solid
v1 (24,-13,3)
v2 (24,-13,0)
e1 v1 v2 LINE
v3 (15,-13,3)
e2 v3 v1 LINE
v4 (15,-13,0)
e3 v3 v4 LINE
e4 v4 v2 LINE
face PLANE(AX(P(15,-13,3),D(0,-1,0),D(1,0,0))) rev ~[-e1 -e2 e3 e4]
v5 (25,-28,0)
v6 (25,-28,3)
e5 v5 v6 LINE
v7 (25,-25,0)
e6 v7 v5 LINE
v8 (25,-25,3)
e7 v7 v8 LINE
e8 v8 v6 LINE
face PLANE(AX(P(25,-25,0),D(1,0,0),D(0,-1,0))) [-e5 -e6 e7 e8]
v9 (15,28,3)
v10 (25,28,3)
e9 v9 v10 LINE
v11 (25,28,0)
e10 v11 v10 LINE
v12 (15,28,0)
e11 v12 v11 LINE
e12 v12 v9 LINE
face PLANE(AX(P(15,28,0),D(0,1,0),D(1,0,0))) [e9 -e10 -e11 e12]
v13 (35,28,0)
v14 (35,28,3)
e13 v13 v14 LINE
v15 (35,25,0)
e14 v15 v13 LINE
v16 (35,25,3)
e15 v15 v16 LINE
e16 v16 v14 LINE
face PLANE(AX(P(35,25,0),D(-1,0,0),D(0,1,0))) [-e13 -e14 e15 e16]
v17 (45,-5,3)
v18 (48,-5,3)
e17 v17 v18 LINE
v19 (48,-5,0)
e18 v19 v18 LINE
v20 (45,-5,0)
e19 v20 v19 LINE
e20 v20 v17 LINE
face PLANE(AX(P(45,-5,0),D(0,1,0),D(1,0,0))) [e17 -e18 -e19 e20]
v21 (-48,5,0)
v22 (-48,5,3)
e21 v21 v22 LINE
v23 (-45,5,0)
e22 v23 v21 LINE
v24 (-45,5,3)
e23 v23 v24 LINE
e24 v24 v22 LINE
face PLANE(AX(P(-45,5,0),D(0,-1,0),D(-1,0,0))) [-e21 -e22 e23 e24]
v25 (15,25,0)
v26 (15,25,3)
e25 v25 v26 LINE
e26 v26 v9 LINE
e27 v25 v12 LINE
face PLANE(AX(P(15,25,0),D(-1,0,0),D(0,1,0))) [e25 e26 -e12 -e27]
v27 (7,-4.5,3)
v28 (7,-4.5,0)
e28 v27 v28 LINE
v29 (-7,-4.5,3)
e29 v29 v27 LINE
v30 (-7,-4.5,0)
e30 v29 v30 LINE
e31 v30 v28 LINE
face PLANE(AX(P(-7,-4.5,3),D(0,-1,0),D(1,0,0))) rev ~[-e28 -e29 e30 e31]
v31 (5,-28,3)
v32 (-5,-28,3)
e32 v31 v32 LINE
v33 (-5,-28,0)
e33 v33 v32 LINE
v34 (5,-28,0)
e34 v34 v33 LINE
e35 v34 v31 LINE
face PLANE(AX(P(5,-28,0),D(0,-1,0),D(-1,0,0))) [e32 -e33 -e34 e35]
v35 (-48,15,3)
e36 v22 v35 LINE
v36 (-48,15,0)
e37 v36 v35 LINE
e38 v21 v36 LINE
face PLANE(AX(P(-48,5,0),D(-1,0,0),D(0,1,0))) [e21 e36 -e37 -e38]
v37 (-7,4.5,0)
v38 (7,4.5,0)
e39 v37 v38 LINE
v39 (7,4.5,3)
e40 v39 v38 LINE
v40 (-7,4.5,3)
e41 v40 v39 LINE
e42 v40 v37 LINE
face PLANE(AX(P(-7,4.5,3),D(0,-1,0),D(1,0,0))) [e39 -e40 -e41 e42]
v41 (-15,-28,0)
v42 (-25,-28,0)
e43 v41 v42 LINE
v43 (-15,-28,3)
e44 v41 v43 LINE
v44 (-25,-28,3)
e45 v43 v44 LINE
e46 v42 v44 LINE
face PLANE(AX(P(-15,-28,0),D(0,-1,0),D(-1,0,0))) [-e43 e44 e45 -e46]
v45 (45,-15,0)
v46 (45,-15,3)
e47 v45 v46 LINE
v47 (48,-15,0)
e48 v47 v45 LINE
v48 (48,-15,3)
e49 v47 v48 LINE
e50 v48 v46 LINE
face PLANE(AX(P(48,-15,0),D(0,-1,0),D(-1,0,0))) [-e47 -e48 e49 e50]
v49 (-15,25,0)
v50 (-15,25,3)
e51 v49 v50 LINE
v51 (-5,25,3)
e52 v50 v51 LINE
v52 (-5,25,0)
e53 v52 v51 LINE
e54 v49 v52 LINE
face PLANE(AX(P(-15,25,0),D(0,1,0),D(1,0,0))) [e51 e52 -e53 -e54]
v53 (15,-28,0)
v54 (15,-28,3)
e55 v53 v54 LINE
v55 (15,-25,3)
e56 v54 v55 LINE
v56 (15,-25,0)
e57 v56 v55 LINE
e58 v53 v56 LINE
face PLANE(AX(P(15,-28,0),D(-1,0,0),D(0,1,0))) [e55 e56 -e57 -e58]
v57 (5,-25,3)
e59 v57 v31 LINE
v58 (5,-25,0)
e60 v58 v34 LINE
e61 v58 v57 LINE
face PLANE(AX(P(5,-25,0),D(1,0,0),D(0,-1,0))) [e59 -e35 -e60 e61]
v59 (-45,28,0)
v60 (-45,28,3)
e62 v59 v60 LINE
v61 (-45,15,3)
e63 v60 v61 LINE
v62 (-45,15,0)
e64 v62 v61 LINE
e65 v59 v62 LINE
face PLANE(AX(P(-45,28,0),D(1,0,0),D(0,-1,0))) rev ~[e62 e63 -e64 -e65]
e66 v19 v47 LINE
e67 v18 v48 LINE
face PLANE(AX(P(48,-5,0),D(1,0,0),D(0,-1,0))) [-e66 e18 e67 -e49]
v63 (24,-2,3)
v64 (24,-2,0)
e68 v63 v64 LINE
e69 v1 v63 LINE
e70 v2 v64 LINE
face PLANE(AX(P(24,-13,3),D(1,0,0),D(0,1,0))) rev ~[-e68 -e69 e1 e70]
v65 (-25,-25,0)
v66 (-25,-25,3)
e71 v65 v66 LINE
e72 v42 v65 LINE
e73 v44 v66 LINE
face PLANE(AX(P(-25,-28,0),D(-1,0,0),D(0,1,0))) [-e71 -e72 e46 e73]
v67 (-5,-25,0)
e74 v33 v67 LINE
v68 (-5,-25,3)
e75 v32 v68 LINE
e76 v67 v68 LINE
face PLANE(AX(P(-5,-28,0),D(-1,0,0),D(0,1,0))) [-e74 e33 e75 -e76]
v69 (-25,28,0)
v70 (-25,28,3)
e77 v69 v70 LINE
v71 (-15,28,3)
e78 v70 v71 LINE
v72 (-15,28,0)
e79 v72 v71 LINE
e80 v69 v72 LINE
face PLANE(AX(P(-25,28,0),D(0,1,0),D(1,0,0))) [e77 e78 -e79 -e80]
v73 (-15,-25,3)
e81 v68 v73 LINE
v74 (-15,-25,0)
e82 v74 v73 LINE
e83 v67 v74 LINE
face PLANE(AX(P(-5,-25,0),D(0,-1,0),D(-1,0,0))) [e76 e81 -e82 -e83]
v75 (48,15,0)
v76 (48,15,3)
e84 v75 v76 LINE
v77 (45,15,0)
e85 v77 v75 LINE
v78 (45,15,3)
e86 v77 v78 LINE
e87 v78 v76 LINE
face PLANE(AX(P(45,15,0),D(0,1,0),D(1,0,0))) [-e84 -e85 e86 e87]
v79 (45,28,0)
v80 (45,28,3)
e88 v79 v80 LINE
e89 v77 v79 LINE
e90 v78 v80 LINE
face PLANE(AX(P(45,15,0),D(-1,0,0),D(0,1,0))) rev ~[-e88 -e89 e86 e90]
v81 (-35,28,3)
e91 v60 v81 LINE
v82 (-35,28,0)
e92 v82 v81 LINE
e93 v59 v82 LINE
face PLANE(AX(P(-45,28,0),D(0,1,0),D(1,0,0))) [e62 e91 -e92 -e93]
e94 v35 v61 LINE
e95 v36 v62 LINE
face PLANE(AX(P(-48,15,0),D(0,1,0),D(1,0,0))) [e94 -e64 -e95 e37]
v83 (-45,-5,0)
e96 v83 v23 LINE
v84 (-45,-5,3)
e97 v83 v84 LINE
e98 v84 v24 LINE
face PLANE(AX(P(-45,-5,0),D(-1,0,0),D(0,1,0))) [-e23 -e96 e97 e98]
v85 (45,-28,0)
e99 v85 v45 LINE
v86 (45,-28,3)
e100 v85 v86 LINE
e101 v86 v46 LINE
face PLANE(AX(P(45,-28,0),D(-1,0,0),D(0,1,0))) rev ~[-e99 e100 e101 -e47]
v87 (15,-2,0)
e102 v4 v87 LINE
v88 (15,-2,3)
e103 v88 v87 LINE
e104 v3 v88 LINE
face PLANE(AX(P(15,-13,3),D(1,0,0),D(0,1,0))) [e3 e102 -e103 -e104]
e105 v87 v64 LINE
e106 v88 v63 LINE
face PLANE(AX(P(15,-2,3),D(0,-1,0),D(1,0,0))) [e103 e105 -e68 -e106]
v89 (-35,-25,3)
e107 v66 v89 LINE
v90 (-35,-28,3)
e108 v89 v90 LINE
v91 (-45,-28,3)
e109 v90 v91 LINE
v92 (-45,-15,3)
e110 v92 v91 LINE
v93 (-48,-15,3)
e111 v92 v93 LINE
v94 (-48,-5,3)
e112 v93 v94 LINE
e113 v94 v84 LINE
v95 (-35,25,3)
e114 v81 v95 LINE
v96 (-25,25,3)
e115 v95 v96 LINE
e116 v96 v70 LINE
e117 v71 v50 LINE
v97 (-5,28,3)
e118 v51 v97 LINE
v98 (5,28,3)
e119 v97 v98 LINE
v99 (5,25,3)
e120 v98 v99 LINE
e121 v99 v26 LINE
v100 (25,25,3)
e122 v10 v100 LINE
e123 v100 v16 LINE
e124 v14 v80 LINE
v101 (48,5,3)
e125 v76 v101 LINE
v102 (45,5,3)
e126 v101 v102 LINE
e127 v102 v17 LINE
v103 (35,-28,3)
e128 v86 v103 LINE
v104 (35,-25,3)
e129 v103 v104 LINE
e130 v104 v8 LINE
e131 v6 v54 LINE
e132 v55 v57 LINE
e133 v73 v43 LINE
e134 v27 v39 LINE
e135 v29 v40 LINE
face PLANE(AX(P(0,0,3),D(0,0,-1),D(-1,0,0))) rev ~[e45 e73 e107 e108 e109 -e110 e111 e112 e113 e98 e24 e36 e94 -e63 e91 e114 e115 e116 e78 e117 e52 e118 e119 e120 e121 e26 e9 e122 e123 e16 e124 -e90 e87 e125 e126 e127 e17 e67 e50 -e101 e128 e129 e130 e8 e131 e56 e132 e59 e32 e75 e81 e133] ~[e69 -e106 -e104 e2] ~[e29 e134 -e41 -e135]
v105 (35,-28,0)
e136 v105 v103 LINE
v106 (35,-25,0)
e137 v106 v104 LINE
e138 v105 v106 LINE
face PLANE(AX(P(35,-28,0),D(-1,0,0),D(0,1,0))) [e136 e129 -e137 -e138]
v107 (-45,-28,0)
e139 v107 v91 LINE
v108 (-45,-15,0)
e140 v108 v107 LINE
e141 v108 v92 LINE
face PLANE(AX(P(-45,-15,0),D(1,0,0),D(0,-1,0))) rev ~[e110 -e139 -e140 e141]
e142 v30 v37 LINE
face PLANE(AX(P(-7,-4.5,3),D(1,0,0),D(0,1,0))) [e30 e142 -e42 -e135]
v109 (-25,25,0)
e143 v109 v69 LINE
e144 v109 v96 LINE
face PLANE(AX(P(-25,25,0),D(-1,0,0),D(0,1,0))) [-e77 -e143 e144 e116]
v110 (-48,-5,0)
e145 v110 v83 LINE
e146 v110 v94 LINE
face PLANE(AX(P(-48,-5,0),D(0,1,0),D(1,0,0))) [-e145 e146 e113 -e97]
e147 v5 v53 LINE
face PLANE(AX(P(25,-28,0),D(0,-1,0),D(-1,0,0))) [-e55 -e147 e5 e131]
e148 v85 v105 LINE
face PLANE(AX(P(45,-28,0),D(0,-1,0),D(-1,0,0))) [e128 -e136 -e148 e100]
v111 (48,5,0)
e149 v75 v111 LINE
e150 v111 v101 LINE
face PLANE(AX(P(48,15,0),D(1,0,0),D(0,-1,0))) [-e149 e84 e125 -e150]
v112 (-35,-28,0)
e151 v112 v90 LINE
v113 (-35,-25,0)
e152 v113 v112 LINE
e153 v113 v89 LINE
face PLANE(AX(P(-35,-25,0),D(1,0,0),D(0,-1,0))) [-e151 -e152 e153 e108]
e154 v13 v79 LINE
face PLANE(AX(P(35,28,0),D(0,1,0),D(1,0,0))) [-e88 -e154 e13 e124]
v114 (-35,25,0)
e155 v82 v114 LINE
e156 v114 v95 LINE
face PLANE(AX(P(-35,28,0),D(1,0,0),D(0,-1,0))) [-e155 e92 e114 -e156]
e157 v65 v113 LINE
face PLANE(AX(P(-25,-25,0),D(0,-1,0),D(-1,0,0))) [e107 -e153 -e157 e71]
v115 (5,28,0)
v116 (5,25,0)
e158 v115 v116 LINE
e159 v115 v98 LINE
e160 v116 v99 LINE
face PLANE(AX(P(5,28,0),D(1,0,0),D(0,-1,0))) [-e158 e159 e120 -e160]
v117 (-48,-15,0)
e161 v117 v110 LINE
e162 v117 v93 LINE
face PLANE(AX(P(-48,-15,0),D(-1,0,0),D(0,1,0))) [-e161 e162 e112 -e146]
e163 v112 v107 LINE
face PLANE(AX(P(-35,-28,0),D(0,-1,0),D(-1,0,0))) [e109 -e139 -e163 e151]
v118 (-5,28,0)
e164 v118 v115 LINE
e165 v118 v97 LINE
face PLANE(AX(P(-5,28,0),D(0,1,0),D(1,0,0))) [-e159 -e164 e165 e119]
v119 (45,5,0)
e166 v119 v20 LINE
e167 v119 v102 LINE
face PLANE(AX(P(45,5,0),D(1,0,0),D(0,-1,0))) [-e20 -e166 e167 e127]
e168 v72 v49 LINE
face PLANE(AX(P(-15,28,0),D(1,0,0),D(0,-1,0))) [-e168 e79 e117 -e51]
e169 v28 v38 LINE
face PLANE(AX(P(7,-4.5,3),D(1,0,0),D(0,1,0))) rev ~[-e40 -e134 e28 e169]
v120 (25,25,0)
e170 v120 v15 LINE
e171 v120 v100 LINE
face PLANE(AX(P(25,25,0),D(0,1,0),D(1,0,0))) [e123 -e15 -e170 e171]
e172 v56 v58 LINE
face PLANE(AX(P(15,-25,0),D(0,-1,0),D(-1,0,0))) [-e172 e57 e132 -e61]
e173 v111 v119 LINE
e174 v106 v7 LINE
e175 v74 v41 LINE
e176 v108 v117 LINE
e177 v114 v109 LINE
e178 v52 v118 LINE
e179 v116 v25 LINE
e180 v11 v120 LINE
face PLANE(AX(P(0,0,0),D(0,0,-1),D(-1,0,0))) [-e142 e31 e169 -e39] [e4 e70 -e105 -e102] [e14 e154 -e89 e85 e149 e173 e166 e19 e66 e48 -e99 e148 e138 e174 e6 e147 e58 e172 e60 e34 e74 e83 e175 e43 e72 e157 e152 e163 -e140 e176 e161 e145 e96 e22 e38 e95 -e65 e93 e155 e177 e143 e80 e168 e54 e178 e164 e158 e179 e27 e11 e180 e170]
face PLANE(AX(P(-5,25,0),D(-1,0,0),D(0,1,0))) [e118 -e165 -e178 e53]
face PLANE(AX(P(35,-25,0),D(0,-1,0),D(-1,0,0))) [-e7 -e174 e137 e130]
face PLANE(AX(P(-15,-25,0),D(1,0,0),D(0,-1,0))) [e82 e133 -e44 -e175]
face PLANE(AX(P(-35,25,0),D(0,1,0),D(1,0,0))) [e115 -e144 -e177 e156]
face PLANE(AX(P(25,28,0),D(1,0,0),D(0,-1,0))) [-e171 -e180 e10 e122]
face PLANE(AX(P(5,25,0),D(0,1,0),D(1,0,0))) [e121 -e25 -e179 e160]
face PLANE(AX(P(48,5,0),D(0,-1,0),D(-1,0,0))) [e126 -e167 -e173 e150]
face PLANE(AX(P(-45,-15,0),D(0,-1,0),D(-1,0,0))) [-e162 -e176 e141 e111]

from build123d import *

# Parameters (mm, degrees)
BOSS_EXTRUDE1_DEPTH = 3
SKETCH2_W           = 9
SKETCH2_H           = 11
CUT_EXTRUDE1_DEPTH  = 3
SKETCH3_W           = 14
SKETCH3_H           = 9
CUT_EXTRUDE2_DEPTH  = 3


with BuildPart() as part:
    # Sketch1 → Boss-Extrude1 (new body)
    with BuildSketch(Plane.XY):
        Polygon((25, 28), (25, 25), (35, 25), (35, 28), (45, 28), (45, 25), (45, 15), (48, 15), (48, 5), (45, 5), (45, -5), (48, -5), (48, -15), (45, -15), (45, -25), (45, -28), (35, -28), (35, -25), (25, -25), (25, -28), (15, -28), (15, -25), (5, -25), (5, -28), (-5, -28), (-5, -25), (-15, -25), (-15, -28), (-25, -28), (-25, -25), (-35, -25), (-35, -28), (-45, -28), (-45, -25), (-45, -15), (-48, -15), (-48, -5), (-45, -5), (-45, 5), (-48, 5), (-48, 15), (-45, 15), (-45, 25), (-45, 28), (-35, 28), (-35, 25), (-25, 25), (-25, 28), (-15, 28), (-15, 25), (-5, 25), (-5, 28), (5, 28), (5, 25), (15, 25), (15, 28), align=None)
    extrude(amount=BOSS_EXTRUDE1_DEPTH)

    # Sketch2 → Cut-Extrude1 (cut)
    with BuildSketch(Plane.XY.offset(3)):
        with Locations((19.5, -7.5)):
            Rectangle(SKETCH2_W, SKETCH2_H)
    extrude(amount=-CUT_EXTRUDE1_DEPTH, mode=Mode.SUBTRACT)

    # Sketch3 → Cut-Extrude2 (cut)
    with BuildSketch(Plane.XY.offset(3)):
        Rectangle(SKETCH3_W, SKETCH3_H)
    extrude(amount=-CUT_EXTRUDE2_DEPTH, mode=Mode.SUBTRACT)


solid = part.part
